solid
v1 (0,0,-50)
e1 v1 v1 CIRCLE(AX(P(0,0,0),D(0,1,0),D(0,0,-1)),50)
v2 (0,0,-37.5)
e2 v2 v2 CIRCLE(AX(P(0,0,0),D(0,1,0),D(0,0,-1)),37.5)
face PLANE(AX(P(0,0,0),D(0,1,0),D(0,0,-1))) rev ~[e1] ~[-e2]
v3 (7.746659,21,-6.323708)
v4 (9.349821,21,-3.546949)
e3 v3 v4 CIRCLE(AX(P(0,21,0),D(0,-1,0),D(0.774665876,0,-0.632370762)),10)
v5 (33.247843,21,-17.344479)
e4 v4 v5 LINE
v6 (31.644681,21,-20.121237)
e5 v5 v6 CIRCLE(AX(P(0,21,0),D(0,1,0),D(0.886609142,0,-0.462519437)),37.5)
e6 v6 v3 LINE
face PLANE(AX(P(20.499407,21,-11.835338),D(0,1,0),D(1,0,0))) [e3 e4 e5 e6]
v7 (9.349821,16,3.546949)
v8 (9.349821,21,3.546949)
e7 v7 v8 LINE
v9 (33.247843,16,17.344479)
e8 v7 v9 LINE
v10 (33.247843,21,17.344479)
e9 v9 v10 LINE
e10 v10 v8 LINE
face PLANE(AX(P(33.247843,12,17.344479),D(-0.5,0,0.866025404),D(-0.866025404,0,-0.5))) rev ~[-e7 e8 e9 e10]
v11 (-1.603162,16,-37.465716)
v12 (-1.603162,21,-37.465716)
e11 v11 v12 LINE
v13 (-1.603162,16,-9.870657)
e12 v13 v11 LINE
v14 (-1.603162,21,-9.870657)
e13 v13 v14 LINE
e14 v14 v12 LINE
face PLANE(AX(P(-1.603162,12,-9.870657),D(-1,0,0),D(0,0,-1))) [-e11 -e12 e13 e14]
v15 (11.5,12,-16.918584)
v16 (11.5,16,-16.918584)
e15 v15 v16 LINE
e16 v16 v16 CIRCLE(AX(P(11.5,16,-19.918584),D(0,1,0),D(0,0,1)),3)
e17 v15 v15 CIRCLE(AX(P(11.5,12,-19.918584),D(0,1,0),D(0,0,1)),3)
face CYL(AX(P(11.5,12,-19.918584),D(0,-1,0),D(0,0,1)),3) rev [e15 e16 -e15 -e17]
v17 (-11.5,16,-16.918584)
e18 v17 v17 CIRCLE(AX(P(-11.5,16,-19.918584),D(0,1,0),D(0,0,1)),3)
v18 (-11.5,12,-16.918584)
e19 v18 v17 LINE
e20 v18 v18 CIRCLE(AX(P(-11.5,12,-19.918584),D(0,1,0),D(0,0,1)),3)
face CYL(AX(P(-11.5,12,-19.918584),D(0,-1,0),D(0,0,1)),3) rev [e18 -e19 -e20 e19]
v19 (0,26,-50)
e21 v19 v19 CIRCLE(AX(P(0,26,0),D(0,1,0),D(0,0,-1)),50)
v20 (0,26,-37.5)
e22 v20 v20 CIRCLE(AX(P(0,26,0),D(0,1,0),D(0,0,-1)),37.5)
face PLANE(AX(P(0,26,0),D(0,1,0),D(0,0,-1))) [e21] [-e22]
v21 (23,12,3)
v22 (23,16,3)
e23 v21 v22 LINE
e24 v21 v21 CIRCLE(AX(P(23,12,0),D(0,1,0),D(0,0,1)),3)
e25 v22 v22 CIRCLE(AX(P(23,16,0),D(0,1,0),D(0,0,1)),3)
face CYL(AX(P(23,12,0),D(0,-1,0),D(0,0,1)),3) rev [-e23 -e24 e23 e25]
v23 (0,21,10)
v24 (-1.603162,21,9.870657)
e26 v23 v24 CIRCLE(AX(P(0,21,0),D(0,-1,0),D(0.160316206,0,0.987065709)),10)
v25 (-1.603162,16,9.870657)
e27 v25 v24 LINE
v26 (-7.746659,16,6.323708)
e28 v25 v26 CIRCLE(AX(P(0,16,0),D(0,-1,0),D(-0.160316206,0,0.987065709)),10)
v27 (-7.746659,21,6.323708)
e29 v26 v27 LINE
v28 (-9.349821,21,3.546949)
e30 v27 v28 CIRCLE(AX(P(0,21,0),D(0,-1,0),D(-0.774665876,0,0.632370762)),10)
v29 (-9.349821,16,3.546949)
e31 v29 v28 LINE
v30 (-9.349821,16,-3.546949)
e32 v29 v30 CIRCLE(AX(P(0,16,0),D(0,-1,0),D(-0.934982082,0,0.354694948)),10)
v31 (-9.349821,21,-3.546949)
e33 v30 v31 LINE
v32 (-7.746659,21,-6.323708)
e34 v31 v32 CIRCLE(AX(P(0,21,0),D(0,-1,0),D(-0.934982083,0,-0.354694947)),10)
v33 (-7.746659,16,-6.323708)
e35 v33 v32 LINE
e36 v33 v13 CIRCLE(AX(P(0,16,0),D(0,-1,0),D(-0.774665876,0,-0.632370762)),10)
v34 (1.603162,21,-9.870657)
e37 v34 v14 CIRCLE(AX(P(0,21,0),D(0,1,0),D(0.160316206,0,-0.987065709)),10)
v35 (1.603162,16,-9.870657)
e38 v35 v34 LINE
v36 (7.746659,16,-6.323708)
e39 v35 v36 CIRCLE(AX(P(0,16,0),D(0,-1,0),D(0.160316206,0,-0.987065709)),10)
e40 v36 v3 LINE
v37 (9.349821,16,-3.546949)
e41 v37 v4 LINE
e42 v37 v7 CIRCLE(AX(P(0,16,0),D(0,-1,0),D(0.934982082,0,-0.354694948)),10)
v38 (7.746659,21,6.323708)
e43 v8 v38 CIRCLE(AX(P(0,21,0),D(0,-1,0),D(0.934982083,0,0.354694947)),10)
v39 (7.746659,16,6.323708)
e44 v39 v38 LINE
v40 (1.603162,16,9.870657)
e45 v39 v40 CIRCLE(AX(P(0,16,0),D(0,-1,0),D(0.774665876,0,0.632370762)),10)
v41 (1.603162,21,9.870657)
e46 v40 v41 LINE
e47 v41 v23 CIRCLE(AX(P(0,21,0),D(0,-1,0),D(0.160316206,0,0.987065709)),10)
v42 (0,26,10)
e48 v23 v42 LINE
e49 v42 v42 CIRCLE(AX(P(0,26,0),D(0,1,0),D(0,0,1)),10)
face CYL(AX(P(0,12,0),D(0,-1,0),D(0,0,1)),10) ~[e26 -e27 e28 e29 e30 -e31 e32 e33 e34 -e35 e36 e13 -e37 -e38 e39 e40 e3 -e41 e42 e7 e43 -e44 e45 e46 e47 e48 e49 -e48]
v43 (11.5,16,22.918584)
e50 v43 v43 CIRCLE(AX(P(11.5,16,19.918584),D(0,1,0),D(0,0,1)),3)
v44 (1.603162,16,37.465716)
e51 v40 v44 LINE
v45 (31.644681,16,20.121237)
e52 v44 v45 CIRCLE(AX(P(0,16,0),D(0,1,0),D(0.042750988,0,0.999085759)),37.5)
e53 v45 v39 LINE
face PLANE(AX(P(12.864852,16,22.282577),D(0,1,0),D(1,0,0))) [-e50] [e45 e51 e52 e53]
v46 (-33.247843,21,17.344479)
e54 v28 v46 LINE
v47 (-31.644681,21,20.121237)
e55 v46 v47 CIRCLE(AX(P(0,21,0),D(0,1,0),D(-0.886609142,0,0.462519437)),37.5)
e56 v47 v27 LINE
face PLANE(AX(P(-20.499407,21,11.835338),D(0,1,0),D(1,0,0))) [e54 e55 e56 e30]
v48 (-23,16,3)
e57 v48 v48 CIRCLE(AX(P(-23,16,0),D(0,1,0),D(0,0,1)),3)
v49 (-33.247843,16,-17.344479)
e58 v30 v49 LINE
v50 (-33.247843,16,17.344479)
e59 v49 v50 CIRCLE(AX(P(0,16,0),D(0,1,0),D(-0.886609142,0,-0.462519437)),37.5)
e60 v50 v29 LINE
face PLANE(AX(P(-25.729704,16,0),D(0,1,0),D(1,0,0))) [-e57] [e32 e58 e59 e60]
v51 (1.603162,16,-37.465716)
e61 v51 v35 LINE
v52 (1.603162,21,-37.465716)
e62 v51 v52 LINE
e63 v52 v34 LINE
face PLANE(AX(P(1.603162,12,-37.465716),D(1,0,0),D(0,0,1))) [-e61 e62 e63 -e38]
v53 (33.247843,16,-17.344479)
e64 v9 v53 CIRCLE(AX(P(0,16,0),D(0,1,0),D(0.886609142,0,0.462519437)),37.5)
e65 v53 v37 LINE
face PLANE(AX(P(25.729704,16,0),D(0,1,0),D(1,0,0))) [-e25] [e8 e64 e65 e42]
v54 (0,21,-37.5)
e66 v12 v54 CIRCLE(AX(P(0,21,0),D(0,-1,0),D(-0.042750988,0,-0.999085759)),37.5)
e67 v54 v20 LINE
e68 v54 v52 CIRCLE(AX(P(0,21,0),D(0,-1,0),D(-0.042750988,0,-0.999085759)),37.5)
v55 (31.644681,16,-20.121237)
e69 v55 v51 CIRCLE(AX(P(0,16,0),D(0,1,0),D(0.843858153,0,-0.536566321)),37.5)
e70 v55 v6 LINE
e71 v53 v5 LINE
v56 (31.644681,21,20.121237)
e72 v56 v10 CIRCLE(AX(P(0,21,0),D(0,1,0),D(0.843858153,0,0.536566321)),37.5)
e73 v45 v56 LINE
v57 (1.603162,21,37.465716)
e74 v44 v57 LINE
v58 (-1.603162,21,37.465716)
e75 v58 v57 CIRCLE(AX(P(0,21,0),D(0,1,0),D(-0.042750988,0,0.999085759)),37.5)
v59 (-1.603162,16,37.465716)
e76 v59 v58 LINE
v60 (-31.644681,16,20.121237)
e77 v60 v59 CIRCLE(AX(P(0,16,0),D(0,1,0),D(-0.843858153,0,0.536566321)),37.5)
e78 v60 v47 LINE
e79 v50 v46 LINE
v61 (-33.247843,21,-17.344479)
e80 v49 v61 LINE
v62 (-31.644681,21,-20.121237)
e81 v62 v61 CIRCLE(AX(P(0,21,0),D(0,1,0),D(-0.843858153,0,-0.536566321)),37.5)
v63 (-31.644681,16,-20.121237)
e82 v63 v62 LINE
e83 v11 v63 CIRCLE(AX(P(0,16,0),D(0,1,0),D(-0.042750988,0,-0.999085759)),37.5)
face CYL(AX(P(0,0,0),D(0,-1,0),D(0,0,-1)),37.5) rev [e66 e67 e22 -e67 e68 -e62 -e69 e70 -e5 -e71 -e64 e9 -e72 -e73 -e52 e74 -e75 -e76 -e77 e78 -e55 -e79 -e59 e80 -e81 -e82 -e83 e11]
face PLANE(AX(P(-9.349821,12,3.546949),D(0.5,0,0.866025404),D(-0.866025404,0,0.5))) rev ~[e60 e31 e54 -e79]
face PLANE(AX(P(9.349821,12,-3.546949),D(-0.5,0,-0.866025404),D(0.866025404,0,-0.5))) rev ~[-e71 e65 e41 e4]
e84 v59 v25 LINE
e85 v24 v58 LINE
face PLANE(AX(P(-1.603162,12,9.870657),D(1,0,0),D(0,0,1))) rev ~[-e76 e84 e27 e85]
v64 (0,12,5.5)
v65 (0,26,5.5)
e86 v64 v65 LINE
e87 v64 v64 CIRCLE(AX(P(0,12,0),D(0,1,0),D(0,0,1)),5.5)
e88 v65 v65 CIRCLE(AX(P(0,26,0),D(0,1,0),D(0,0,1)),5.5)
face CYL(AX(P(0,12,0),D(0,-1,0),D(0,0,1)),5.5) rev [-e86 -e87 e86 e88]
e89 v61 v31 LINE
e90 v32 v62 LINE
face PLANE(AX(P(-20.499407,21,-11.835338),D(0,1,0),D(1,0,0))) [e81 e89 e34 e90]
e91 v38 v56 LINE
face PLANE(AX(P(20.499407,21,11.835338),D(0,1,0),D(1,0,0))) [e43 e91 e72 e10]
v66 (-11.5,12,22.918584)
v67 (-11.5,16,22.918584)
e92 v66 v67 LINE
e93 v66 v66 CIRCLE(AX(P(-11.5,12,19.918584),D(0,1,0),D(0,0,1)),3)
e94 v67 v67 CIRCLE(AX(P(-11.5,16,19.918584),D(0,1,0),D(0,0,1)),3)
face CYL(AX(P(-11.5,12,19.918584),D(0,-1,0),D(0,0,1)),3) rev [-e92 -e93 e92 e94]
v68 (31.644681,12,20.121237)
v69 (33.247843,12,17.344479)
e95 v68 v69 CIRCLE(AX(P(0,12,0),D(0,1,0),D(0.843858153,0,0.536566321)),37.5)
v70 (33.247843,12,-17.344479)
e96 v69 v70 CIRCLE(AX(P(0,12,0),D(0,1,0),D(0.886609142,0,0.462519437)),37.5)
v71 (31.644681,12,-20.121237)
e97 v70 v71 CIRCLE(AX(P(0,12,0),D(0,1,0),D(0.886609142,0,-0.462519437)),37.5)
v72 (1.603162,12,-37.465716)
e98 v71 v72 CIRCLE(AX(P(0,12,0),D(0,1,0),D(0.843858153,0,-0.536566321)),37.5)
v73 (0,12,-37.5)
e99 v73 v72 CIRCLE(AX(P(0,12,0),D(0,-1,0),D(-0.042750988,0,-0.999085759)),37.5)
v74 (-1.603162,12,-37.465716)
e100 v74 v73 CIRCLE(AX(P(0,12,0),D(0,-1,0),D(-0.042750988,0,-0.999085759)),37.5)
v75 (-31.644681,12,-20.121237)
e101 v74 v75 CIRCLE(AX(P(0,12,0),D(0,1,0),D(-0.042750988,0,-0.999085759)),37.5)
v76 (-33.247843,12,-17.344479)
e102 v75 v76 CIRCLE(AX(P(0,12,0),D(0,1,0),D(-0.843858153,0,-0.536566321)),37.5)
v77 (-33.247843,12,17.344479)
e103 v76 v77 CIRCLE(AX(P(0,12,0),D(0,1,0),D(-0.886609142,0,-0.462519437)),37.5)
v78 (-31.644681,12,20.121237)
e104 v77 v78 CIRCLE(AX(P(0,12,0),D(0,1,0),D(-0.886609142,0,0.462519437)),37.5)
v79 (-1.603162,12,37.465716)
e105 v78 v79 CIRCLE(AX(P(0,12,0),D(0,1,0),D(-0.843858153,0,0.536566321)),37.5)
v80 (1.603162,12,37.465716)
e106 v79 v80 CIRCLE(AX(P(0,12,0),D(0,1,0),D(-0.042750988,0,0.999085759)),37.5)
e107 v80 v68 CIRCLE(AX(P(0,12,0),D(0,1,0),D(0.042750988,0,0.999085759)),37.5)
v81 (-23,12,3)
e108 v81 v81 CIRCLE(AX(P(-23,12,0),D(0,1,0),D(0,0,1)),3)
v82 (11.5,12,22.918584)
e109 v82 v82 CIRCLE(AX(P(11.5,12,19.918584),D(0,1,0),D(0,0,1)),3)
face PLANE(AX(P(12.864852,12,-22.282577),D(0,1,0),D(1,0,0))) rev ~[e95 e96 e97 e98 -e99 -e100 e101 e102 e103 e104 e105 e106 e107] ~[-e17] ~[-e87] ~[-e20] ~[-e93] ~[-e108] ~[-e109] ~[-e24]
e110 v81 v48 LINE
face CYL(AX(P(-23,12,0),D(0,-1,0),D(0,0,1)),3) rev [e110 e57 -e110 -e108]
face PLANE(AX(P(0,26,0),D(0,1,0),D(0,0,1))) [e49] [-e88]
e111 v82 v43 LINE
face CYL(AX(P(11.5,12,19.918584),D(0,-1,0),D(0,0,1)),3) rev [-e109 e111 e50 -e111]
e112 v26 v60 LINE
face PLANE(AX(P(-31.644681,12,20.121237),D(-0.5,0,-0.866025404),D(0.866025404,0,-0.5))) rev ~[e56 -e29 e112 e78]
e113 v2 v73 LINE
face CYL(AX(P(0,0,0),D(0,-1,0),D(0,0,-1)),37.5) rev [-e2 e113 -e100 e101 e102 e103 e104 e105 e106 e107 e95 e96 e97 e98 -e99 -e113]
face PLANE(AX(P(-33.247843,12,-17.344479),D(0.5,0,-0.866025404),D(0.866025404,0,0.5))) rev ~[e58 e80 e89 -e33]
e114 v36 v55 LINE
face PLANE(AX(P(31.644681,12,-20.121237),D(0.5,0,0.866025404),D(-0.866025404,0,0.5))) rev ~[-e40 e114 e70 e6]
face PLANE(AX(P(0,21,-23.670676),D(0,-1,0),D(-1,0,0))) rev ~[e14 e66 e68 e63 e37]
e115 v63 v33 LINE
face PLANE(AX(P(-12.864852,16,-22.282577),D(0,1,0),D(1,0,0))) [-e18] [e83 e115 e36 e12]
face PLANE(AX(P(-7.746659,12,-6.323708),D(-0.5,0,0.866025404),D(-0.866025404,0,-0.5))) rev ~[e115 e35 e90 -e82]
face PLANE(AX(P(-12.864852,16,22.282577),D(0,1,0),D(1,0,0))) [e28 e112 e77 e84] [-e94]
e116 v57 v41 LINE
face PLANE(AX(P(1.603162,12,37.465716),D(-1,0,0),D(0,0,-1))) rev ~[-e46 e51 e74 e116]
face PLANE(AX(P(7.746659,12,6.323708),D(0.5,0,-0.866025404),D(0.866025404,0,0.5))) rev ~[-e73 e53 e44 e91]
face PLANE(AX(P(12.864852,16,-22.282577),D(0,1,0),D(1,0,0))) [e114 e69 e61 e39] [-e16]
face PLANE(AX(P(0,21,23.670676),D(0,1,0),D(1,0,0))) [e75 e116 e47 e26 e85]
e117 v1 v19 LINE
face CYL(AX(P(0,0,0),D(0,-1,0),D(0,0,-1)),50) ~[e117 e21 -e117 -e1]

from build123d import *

# Parameters (mm, degrees)
SKETCH1_R           = 50
SKETCH1_R_2         = 37.5
BOSS_EXTRUDE1_DEPTH = 26
BOSS_EXTRUDE3_DEPTH = 9
BOSS_EXTRUDE4_START = -14
SKETCH9_R           = 10
SKETCH9_R_2         = 5.5
BOSS_EXTRUDE4_DEPTH = 14
SKETCH10_R          = 3
BOSS_EXTRUDE5_DEPTH = 4


with BuildPart() as part:
    # Sketch1 → Boss-Extrude1 (new body)
    with BuildSketch(Plane(origin=(0, 0, 0), x_dir=(1, 0, 0), z_dir=(0, 1, 0))):
        with Locations(Location((0, 0, 0), (0, 0, 90))):
            Circle(SKETCH1_R)
        with Locations(Location((0, 0, 0), (0, 0, 90))):
            Circle(SKETCH1_R_2, mode=Mode.SUBTRACT)
    extrude(amount=BOSS_EXTRUDE1_DEPTH)

    # Sketch3 → Boss-Extrude3 (add)
    with BuildSketch(Plane(origin=(0, 12, 0), x_dir=(1, 0, 0), z_dir=(0, 1, 0))):
        with BuildLine():
            Line((1.603162061, 37.465715947), (1.603162061, 9.870657091))
            ThreePointArc((1.603162061, 9.870657091), (0, 10), (-1.603162061, 9.870657091))
            Line((-1.603162061, 9.870657091), (-1.603162061, 37.465715947))
            ThreePointArc((-1.603162061, 37.465715947), (0, 37.5), (1.603162061, 37.465715947))
        make_face()
        with BuildLine():
            Line((31.64468075, 20.121237045), (7.746658762, 6.323707617))
            ThreePointArc((7.746658762, 6.323707617), (8.660254038, 5), (9.349820823, 3.546949474))
            Line((9.349820823, 3.546949474), (33.247842811, 17.344478902))
            ThreePointArc((33.247842811, 17.344478902), (32.475952642, 18.75), (31.64468075, 20.121237045))
        make_face()
        with BuildLine():
            Line((33.247842811, -17.344478902), (9.349820823, -3.546949474))
            ThreePointArc((9.349820823, -3.546949474), (8.660254038, -5), (7.746658762, -6.323707617))
            Line((7.746658762, -6.323707617), (31.64468075, -20.121237045))
            ThreePointArc((31.64468075, -20.121237045), (32.475952642, -18.75), (33.247842811, -17.344478902))
        make_face()
        with BuildLine():
            Line((1.603162061, -37.465715947), (1.603162061, -9.870657091))
            ThreePointArc((1.603162061, -9.870657091), (0, -10), (-1.603162061, -9.870657091))
            Line((-1.603162061, -9.870657091), (-1.603162061, -37.465715947))
            ThreePointArc((-1.603162061, -37.465715947), (0, -37.5), (1.603162061, -37.465715947))
        make_face()
        with BuildLine():
            Line((-31.64468075, -20.121237045), (-7.746658762, -6.323707617))
            ThreePointArc((-7.746658762, -6.323707617), (-8.660254038, -5), (-9.349820823, -3.546949474))
            Line((-9.349820823, -3.546949474), (-33.247842811, -17.344478902))
            ThreePointArc((-33.247842811, -17.344478902), (-32.475952642, -18.75), (-31.64468075, -20.121237045))
        make_face()
        with BuildLine():
            Line((-33.247842811, 17.344478902), (-9.349820823, 3.546949474))
            ThreePointArc((-9.349820823, 3.546949474), (-8.660254038, 5), (-7.746658762, 6.323707617))
            Line((-7.746658762, 6.323707617), (-31.64468075, 20.121237045))
            ThreePointArc((-31.64468075, 20.121237045), (-32.475952642, 18.75), (-33.247842811, 17.344478902))
        make_face()
    extrude(amount=BOSS_EXTRUDE3_DEPTH)

    # Sketch9 → Boss-Extrude4 (add)
    with BuildSketch(Plane(origin=(0, 26, 0), x_dir=(1, 0, 0), z_dir=(0, 1, 0)).offset(BOSS_EXTRUDE4_START)):
        with Locations(Location((0, 0, 0), (0, 0, 270))):
            Circle(SKETCH9_R)
        with Locations(Location((0, 0, 0), (0, 0, 270))):
            Circle(SKETCH9_R_2, mode=Mode.SUBTRACT)
    extrude(amount=BOSS_EXTRUDE4_DEPTH)

    # Sketch10 → Boss-Extrude5 (add)
    # profile 1 of 6: a face of its own
    with BuildSketch(Plane(origin=(0, 12, 0), x_dir=(1, 0, 0), z_dir=(0, 1, 0))):
        with BuildLine():
            Line((7.746658762, 6.323707617), (31.64468075, 20.121237045))
            ThreePointArc((31.64468075, 20.121237045), (18.75, 32.475952642), (1.603162061, 37.465715947))
            Line((1.603162061, 37.465715947), (1.603162061, 9.870657091))
            ThreePointArc((1.603162061, 9.870657091), (5, 8.660254038), (7.746658762, 6.323707617))
        make_face()
        with Locations(Location((11.5, 19.918584287, 0), (0, 0, 270))):
            Circle(SKETCH10_R, mode=Mode.SUBTRACT)
    # profile 2 of 6: a face of its own
    with BuildSketch(Plane(origin=(0, 12, 0), x_dir=(1, 0, 0), z_dir=(0, 1, 0))):
        with BuildLine():
            Line((33.247842811, 17.344478902), (9.349820823, 3.546949474))
            ThreePointArc((9.349820823, 3.546949474), (10, 0), (9.349820823, -3.546949474))
            Line((9.349820823, -3.546949474), (33.247842811, -17.344478902))
            ThreePointArc((33.247842811, -17.344478902), (37.5, 0), (33.247842811, 17.344478902))
        make_face()
        with Locations(Location((23, 0, 0), (0, 0, 270))):
            Circle(SKETCH10_R, mode=Mode.SUBTRACT)
    # profile 3 of 6: a face of its own
    with BuildSketch(Plane(origin=(0, 12, 0), x_dir=(1, 0, 0), z_dir=(0, 1, 0))):
        with BuildLine():
            Line((31.64468075, -20.121237045), (7.746658762, -6.323707617))
            ThreePointArc((7.746658762, -6.323707617), (5, -8.660254038), (1.603162061, -9.870657091))
            Line((1.603162061, -9.870657091), (1.603162061, -37.465715947))
            ThreePointArc((1.603162061, -37.465715947), (18.75, -32.475952642), (31.64468075, -20.121237045))
        make_face()
        with Locations(Location((11.5, -19.918584287, 0), (0, 0, 270))):
            Circle(SKETCH10_R, mode=Mode.SUBTRACT)
    # profile 4 of 6: a face of its own
    with BuildSketch(Plane(origin=(0, 12, 0), x_dir=(1, 0, 0), z_dir=(0, 1, 0))):
        with BuildLine():
            Line((-1.603162061, -37.465715947), (-1.603162061, -9.870657091))
            ThreePointArc((-1.603162061, -9.870657091), (-5, -8.660254038), (-7.746658762, -6.323707617))
            Line((-7.746658762, -6.323707617), (-31.64468075, -20.121237045))
            ThreePointArc((-31.64468075, -20.121237045), (-18.75, -32.475952642), (-1.603162061, -37.465715947))
        make_face()
        with Locations(Location((-11.5, -19.918584287, 0), (0, 0, 270))):
            Circle(SKETCH10_R, mode=Mode.SUBTRACT)
    # profile 5 of 6: a face of its own
    with BuildSketch(Plane(origin=(0, 12, 0), x_dir=(1, 0, 0), z_dir=(0, 1, 0))):
        with BuildLine():
            Line((-33.247842811, -17.344478902), (-9.349820823, -3.546949474))
            ThreePointArc((-9.349820823, -3.546949474), (-10, 0), (-9.349820823, 3.546949474))
            Line((-9.349820823, 3.546949474), (-33.247842811, 17.344478902))
            ThreePointArc((-33.247842811, 17.344478902), (-37.5, 0), (-33.247842811, -17.344478902))
        make_face()
        with Locations(Location((-23, 0, 0), (0, 0, 270))):
            Circle(SKETCH10_R, mode=Mode.SUBTRACT)
    # profile 6 of 6: a face of its own
    with BuildSketch(Plane(origin=(0, 12, 0), x_dir=(1, 0, 0), z_dir=(0, 1, 0))):
        with BuildLine():
            Line((-31.64468075, 20.121237045), (-7.746658762, 6.323707617))
            ThreePointArc((-7.746658762, 6.323707617), (-5, 8.660254038), (-1.603162061, 9.870657091))
            Line((-1.603162061, 9.870657091), (-1.603162061, 37.465715947))
            ThreePointArc((-1.603162061, 37.465715947), (-18.75, 32.475952642), (-31.64468075, 20.121237045))
        make_face()
        with Locations(Location((-11.5, 19.918584287, 0), (0, 0, 270))):
            Circle(SKETCH10_R, mode=Mode.SUBTRACT)
    extrude(amount=BOSS_EXTRUDE5_DEPTH)


solid = part.part
